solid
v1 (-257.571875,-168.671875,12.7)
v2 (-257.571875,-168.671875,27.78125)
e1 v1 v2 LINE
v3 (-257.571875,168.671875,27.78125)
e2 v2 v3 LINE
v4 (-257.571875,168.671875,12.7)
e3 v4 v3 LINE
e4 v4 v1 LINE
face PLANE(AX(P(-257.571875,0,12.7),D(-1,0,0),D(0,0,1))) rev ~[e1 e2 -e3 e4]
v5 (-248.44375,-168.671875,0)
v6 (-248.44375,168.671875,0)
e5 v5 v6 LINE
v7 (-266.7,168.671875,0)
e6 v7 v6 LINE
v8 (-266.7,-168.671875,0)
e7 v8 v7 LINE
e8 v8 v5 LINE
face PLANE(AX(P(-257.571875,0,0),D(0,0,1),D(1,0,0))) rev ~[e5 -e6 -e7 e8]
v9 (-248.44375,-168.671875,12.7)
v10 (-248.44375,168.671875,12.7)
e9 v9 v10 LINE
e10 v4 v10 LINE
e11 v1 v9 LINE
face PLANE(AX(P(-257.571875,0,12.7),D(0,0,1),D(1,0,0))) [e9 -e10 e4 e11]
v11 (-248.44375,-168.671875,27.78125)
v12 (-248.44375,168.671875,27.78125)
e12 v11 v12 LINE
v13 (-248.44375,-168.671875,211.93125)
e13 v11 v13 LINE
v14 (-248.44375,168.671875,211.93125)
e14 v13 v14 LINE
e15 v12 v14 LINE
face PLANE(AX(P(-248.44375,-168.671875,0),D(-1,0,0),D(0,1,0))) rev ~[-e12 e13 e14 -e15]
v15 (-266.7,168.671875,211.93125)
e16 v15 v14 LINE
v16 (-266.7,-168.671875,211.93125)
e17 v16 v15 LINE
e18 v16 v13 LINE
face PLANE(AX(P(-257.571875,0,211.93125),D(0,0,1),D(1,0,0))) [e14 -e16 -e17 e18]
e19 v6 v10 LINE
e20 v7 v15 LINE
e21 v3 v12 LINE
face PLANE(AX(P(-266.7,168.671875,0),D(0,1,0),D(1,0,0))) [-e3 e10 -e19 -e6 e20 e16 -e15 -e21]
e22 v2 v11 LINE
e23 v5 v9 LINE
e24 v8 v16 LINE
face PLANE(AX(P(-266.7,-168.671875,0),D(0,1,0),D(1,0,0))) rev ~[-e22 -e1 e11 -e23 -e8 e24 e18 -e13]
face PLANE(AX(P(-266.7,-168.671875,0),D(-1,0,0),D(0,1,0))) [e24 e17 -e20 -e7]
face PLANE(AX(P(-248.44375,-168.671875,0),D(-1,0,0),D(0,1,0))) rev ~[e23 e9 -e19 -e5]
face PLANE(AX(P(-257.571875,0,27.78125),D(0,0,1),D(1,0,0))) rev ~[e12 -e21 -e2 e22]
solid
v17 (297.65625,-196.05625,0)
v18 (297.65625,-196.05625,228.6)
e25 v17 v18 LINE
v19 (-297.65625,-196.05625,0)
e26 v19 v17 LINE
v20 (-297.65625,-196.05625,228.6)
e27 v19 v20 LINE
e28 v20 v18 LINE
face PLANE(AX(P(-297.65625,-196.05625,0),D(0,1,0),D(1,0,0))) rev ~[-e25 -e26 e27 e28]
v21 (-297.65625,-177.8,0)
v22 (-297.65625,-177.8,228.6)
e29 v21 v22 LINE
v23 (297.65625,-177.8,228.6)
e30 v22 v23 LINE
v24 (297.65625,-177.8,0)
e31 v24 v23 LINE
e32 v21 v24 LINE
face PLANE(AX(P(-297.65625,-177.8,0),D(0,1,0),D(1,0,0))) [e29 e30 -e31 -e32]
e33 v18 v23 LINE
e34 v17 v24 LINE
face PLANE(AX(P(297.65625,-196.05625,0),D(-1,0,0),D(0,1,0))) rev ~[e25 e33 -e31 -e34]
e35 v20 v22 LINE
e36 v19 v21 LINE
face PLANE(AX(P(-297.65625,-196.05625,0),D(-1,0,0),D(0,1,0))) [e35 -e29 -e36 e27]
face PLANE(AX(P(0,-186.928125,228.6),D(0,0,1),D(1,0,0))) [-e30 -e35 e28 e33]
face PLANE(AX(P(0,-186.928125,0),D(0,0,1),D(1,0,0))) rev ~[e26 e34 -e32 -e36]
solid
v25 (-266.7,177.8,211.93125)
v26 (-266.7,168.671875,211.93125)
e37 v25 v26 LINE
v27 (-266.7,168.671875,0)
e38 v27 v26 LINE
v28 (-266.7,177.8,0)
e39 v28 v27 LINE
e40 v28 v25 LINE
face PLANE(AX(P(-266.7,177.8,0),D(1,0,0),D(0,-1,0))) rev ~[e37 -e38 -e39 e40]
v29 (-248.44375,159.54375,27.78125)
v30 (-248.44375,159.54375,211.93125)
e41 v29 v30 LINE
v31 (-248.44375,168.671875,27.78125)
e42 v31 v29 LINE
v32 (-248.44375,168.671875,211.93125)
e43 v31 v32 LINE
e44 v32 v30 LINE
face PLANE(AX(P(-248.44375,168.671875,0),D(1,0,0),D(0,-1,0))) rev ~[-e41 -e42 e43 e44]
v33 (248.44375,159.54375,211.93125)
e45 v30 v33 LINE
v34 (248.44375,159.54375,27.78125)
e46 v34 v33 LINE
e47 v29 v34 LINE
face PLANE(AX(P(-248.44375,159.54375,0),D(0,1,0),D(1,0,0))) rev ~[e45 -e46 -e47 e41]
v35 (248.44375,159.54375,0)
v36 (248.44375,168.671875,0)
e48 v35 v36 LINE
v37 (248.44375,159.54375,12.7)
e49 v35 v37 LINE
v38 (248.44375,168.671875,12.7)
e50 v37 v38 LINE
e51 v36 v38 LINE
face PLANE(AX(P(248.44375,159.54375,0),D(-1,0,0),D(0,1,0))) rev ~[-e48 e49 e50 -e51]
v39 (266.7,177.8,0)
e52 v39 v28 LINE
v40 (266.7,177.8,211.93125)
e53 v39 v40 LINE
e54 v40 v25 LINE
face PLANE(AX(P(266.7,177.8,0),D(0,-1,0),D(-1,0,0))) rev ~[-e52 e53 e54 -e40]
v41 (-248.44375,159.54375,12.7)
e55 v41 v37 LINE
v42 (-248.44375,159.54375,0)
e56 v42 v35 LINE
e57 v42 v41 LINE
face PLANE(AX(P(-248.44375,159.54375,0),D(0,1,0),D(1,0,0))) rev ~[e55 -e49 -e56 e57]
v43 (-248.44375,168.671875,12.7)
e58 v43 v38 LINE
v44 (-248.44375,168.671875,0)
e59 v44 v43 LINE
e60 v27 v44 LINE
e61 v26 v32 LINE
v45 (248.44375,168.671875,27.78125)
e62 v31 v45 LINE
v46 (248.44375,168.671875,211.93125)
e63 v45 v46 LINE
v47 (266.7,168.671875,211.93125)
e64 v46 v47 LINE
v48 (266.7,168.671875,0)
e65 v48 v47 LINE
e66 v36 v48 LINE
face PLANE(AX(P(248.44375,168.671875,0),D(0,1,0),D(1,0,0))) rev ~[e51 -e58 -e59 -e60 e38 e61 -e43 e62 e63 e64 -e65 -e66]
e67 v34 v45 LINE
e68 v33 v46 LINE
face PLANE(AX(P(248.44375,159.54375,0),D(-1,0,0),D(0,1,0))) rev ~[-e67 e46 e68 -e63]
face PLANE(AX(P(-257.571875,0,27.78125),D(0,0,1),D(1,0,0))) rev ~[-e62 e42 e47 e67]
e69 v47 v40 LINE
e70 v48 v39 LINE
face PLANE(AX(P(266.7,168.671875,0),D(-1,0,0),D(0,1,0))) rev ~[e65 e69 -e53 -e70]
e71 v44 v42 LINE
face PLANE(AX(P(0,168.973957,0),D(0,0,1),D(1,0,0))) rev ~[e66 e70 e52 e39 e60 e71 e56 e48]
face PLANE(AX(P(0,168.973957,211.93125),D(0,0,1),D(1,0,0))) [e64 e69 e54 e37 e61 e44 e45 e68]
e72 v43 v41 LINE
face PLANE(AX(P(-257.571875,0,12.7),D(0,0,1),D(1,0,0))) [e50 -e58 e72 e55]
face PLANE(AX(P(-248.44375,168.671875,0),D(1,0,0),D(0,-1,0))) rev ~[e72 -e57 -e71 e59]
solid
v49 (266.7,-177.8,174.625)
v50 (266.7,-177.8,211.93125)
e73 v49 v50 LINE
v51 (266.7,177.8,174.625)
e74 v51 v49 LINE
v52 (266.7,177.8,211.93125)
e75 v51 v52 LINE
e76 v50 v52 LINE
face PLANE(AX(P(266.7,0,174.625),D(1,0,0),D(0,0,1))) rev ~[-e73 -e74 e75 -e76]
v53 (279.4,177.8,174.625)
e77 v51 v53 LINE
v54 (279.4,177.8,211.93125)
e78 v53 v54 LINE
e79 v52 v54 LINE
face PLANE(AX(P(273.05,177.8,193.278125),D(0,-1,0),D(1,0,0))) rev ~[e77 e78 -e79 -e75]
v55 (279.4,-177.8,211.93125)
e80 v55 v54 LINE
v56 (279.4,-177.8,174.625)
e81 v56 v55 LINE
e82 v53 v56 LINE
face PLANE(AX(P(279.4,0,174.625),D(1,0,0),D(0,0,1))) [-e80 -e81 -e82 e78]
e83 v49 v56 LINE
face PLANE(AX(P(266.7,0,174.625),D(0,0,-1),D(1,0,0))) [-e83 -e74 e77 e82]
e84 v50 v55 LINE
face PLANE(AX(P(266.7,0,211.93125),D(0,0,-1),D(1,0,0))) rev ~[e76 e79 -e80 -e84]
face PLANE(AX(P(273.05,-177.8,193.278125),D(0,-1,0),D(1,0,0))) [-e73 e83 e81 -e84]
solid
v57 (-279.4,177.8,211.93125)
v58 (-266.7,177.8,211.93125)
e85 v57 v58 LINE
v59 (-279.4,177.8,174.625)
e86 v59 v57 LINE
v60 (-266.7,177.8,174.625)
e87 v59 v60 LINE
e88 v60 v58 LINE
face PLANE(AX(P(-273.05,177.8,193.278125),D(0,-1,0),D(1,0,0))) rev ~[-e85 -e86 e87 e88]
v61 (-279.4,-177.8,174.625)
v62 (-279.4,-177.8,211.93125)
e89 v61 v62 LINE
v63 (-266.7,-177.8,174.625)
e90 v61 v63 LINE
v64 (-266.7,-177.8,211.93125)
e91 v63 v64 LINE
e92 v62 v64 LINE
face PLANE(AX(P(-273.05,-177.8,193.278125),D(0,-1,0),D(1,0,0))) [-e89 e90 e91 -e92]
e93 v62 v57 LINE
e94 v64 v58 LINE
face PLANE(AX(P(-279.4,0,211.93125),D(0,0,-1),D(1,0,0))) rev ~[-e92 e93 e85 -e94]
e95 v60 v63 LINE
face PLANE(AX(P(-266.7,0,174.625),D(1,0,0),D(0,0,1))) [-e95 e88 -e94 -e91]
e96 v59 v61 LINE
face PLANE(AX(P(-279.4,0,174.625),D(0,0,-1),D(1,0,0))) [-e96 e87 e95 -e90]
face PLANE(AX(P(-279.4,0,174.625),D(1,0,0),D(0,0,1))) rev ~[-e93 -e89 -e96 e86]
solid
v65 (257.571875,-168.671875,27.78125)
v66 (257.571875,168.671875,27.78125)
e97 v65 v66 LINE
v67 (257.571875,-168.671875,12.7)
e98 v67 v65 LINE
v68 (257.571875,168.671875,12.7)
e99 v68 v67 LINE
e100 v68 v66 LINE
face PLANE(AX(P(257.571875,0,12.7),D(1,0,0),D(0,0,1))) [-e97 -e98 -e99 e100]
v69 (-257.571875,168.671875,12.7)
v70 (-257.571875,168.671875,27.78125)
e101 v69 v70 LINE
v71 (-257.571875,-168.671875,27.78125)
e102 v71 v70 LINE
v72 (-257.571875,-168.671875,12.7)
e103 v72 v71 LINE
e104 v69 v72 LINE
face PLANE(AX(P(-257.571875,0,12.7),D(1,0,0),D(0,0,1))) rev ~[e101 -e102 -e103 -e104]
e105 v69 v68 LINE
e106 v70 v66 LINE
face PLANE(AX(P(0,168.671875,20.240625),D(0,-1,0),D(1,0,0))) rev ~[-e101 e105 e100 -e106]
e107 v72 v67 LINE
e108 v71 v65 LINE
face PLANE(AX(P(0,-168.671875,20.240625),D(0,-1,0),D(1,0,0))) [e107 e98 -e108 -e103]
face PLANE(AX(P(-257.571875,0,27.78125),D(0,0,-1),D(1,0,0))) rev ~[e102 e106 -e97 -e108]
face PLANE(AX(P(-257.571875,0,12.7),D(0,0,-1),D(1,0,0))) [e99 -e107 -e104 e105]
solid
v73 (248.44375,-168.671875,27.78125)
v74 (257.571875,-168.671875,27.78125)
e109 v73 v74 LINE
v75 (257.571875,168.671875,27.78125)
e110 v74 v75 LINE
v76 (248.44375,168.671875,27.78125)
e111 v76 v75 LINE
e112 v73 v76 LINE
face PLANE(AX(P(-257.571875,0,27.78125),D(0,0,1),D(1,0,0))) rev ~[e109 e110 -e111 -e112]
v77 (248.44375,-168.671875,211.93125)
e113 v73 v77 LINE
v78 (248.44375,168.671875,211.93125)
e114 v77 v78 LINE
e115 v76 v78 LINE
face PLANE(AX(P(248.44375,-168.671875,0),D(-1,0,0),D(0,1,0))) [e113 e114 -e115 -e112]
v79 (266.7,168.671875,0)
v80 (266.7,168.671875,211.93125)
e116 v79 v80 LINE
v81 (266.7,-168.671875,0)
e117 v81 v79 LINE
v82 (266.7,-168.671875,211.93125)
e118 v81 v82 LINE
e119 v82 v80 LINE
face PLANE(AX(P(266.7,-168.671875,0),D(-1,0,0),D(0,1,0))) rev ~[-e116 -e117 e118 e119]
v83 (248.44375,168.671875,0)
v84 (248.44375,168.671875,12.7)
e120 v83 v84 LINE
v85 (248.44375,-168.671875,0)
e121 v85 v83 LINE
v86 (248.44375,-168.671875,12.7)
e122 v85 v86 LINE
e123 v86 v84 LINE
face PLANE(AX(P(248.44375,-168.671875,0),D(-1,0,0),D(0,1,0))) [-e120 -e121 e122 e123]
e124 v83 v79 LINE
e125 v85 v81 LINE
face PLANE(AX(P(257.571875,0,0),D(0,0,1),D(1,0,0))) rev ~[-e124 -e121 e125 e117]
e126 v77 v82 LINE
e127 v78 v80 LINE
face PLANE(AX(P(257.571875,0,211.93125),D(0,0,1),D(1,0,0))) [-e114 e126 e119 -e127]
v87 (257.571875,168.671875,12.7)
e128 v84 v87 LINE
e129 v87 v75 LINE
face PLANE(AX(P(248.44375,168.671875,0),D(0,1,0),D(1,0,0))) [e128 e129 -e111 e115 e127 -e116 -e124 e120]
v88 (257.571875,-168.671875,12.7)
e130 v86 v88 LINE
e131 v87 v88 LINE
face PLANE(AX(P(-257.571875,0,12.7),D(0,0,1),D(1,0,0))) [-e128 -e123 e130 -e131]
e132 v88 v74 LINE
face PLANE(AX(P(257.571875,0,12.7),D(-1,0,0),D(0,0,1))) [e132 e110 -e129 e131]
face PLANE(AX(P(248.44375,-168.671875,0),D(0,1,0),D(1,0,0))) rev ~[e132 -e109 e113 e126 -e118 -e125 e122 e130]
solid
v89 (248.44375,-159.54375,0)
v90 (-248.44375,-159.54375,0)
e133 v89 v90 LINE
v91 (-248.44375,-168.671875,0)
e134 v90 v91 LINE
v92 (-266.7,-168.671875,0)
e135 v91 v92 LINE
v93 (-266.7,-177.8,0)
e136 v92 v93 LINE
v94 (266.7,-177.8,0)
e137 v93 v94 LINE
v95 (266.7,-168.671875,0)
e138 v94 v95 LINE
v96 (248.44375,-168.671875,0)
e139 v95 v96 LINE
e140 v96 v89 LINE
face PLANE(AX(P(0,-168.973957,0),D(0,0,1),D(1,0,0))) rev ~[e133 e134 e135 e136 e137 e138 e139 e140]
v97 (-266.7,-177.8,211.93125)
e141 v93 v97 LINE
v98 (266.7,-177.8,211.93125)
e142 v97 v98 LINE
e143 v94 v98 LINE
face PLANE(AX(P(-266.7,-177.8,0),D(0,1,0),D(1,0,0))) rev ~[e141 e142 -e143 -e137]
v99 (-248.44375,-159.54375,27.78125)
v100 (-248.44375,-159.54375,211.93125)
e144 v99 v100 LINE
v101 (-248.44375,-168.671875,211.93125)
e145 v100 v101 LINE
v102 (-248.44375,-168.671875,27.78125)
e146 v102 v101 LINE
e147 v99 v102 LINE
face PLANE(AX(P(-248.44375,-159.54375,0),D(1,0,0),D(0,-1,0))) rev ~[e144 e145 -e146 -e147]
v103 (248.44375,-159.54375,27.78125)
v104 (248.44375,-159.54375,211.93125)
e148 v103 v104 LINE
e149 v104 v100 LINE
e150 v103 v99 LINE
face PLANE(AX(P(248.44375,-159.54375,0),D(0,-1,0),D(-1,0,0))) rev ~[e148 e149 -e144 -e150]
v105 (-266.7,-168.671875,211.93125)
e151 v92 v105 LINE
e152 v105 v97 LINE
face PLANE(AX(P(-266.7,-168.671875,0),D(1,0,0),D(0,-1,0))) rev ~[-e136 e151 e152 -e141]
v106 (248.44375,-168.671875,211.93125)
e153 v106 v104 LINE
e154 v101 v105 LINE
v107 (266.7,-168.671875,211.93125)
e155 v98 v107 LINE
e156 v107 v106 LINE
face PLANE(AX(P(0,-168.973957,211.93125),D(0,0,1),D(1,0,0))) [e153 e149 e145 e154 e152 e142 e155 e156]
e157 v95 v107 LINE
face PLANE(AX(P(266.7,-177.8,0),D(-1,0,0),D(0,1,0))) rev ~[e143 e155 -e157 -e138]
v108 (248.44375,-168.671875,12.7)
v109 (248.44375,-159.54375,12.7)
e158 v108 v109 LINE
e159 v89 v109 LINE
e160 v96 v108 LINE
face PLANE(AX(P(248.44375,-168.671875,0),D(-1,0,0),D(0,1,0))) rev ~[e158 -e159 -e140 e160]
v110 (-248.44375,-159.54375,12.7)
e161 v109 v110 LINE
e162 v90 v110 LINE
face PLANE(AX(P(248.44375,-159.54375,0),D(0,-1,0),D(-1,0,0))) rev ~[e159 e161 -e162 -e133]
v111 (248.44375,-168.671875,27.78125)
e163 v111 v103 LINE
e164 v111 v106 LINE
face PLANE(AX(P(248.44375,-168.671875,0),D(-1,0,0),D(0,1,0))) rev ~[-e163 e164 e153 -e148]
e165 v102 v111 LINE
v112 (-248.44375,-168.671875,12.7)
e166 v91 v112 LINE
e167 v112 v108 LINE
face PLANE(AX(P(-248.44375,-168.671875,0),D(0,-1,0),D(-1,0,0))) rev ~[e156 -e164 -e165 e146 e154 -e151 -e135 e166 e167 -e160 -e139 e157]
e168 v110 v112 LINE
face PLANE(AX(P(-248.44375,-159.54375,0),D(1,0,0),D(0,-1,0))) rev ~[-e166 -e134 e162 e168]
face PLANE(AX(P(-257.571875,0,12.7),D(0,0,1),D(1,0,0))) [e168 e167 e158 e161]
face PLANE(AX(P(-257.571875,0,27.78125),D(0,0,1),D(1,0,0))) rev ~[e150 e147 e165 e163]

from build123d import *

# Parameters (mm, degrees)
F5_DEPTH       = 211.93125
F1_W           = 18.25625
F1_H           = 337.34375
F6_DEPTH       = 211.93125
F2_W           = 595.3125
F2_H           = 18.25625
F7_DEPTH       = 228.6
F3_W           = 515.14375
F3_H           = 15.08125
F8_DEPTH       = 168.671875
F8_DEPTH_BACK  = 168.671875
F9_DEPTH       = 168.671875
F9_DEPTH_BACK  = 168.671875
F4_W           = 12.7
F4_H           = 37.30625
F10_DEPTH      = 177.8
F10_DEPTH_BACK = 177.8


with BuildPart() as f5:
    # F0 (on Top) → F5 (new body)
    with BuildSketch(Plane.XY):
        Polygon((266.7, 177.8), (-266.7, 177.8), (-266.7, 168.671875), (-248.44375, 168.671875), (-248.44375, 159.54375), (248.44375, 159.54375), (248.44375, 168.671875), (266.7, 168.671875), align=None)
    extrude(amount=F5_DEPTH)


with BuildPart() as f5b:
    # F0 (on Top) → F5, piece 2 (new body)
    with BuildSketch(Plane.XY):
        Polygon((-266.7, -177.8), (266.7, -177.8), (266.7, -168.671875), (248.44375, -168.671875), (248.44375, -159.54375), (-248.44375, -159.54375), (-248.44375, -168.671875), (-266.7, -168.671875), align=None)
    extrude(amount=F5_DEPTH)


with BuildPart() as f6:
    # F1 (on Top) → F6 (new body, through all)
    with BuildSketch(Plane.XY):
        with Locations((-257.571875, 0)):
            Rectangle(F1_W, F1_H)
    extrude(amount=F6_DEPTH)


with BuildPart() as f6b:
    # F1 (on Top) → F6, piece 2 (new body, through all)
    with BuildSketch(Plane.XY):
        with Locations((257.571875, 0)):
            Rectangle(F1_W, F1_H)
    extrude(amount=F6_DEPTH)


with BuildPart() as f7:
    # F2 (on Top) → F7 (new body)
    with BuildSketch(Plane.XY):
        with Locations((0, -186.928125)):
            Rectangle(F2_W, F2_H)
    extrude(amount=F7_DEPTH)


with BuildPart() as f8_tool:
    # F3 (on Front) → F8 (new body, two sides)
    with BuildSketch(Plane.XZ) as f8_sk:
        with Locations((0, 20.240625)):
            Rectangle(F3_W, F3_H)
    extrude(amount=-F8_DEPTH)
    extrude(f8_sk.sketch, amount=F8_DEPTH_BACK)


with BuildPart() as f5_1:
    add(f5.part)

    # F8: cut by f8_tool
    add(f8_tool.part, mode=Mode.SUBTRACT)


with BuildPart() as f5b_1:
    add(f5b.part)

    # F8: cut by f8_tool
    add(f8_tool.part, mode=Mode.SUBTRACT)


with BuildPart() as f6_1:
    add(f6.part)

    # F8: cut by f8_tool
    add(f8_tool.part, mode=Mode.SUBTRACT)


with BuildPart() as f6b_1:
    add(f6b.part)

    # F8: cut by f8_tool
    add(f8_tool.part, mode=Mode.SUBTRACT)


with BuildPart() as f9:
    # F3 (on Front) → F9 (new body, two sides)
    with BuildSketch(Plane.XZ) as f9_sk:
        with Locations((0, 20.240625)):
            Rectangle(F3_W, F3_H)
    extrude(amount=F9_DEPTH)
    extrude(f9_sk.sketch, amount=-F9_DEPTH_BACK)


with BuildPart() as f10:
    # F4 (on Front) → F10 (new body, two sides)
    with BuildSketch(Plane.XZ) as f10_sk:
        with Locations((-273.05, 193.278125)):
            Rectangle(F4_W, F4_H)
    extrude(amount=F10_DEPTH)
    extrude(f10_sk.sketch, amount=-F10_DEPTH_BACK)


with BuildPart() as f10b:
    # F4 (on Front) → F10, piece 2 (new body, two sides)
    with BuildSketch(Plane.XZ) as f10_2_sk:
        with Locations((273.05, 193.278125)):
            Rectangle(F4_W, F4_H)
    extrude(amount=F10_DEPTH)
    extrude(f10_2_sk.sketch, amount=-F10_DEPTH_BACK)


solid = Compound([f7.part, f5_1.part, f5b_1.part, f6_1.part, f6b_1.part, f9.part, f10.part, f10b.part])
